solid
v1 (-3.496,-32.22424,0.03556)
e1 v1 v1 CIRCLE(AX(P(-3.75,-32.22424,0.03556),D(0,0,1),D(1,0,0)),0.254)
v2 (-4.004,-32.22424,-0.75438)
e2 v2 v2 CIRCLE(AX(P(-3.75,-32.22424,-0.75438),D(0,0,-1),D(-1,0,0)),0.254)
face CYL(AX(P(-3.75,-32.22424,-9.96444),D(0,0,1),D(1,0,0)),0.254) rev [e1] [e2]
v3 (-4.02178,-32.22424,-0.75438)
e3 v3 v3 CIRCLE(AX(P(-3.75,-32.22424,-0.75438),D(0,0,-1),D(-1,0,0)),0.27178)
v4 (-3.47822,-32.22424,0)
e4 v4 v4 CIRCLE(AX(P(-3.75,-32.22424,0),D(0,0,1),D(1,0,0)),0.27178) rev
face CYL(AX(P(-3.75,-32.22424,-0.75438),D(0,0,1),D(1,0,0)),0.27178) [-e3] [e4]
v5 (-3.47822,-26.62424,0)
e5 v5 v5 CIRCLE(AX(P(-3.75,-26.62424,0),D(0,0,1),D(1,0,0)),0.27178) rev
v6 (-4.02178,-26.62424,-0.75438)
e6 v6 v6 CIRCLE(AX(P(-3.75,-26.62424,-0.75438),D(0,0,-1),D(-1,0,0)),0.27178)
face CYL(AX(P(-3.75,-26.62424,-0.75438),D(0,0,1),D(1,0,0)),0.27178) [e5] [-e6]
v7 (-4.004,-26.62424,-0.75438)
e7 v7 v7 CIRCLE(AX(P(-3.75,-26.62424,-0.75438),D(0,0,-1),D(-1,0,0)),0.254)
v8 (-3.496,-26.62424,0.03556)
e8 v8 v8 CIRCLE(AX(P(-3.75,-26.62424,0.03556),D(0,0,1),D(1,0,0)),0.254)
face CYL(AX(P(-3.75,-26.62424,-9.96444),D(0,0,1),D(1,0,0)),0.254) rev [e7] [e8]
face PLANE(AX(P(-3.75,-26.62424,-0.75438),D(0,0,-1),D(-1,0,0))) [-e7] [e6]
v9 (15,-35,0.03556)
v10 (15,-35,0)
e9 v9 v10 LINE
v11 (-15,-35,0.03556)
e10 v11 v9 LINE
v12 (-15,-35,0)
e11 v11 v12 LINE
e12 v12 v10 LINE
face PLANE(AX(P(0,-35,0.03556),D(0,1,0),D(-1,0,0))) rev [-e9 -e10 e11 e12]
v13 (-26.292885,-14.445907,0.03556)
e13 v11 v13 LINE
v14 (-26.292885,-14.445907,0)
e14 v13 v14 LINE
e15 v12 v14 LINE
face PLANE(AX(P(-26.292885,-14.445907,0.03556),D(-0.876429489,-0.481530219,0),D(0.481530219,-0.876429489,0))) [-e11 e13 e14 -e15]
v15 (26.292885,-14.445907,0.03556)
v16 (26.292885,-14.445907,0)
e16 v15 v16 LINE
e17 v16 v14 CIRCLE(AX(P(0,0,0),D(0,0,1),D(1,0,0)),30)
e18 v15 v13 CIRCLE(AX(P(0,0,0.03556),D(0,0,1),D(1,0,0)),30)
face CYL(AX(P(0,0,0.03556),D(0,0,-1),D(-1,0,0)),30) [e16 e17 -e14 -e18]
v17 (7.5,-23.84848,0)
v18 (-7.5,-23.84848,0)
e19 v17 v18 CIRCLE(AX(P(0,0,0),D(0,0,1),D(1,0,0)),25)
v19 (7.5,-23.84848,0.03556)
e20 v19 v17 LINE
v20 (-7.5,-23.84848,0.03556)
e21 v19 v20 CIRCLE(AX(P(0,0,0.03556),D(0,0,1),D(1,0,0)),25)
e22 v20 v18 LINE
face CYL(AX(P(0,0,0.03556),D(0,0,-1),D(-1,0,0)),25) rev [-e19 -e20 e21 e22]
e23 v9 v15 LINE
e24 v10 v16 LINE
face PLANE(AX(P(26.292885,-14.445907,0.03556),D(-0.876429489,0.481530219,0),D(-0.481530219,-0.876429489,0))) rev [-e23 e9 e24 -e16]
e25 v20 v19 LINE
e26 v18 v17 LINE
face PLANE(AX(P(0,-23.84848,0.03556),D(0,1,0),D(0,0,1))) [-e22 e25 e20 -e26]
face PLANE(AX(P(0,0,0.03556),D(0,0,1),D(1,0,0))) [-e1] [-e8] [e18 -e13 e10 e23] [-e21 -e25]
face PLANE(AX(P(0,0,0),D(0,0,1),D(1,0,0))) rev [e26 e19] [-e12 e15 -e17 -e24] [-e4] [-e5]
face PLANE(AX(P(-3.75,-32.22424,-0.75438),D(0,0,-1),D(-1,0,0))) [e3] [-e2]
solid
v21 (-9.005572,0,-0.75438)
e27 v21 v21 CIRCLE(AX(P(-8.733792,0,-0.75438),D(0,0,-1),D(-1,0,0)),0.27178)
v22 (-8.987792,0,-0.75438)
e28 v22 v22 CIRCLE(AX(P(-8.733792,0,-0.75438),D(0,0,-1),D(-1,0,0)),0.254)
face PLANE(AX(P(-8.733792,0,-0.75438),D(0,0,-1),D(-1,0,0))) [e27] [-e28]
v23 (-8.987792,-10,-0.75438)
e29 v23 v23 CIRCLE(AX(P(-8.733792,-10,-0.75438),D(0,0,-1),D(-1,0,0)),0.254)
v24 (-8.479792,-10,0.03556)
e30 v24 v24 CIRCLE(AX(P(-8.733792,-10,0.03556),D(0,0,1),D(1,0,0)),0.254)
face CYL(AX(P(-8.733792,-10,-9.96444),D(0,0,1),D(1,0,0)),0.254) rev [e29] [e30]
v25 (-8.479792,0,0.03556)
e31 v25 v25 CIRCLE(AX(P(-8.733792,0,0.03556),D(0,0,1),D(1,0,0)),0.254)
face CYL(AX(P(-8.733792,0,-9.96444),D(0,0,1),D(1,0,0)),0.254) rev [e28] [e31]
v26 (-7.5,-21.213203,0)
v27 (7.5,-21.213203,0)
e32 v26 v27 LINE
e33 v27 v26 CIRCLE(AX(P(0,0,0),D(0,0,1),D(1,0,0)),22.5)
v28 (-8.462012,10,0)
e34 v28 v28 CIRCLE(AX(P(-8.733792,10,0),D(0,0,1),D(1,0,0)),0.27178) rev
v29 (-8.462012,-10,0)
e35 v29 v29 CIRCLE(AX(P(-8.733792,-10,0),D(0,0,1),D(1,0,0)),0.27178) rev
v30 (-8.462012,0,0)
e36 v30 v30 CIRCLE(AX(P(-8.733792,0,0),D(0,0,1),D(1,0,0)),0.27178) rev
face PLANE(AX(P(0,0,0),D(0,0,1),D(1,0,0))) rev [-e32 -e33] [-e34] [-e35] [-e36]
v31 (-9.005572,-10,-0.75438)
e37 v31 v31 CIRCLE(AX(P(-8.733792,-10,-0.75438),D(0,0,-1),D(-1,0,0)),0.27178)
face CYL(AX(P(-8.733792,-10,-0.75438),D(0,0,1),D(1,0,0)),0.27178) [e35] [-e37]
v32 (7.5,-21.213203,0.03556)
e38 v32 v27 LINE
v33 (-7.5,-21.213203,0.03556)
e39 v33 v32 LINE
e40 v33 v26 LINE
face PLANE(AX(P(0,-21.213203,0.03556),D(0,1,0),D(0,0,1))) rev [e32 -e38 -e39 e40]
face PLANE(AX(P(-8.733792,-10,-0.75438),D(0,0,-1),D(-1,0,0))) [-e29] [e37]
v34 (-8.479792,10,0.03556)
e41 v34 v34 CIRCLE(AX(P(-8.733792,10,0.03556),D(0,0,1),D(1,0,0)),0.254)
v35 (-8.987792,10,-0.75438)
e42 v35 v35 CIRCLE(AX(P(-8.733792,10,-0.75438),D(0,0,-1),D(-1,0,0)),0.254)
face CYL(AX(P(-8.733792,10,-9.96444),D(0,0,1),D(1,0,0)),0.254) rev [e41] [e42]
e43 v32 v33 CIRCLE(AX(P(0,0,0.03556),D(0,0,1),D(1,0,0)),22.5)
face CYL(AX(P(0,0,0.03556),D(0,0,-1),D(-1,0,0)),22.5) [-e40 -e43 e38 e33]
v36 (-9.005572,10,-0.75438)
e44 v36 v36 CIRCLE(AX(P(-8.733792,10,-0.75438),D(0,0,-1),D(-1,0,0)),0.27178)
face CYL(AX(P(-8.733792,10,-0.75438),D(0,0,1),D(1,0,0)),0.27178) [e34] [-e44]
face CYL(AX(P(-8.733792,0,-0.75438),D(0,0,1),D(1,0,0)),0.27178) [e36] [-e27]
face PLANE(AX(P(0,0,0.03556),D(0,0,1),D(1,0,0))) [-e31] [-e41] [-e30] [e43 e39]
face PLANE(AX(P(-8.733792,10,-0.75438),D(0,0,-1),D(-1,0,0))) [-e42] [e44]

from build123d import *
from build123d.topology import SkipClean

# Parameters (mm, degrees)
BOSS_EXTRUDE1_DEPTH      = 0.03556
BOSS_EXTRUDE1_2_DEPTH    = 0.03556
SKETCH2_R                = 0.254
CUT_EXTRUDE1_DEPTH       = 10
ESBO_O1_R                = 0.27178
ESBO_O1_R_2              = 0.254
RESSALTO_EXTRUS_O1_DEPTH = 0.75438


with BuildPart() as part:
    # Sketch1 → Boss-Extrude1 (new body)
    with BuildSketch(Plane.XY):
        with BuildLine():
            Line((-7.500000004, -21.213203434), (7.500000004, -21.213203434))
            ThreePointArc((7.500000004, -21.213203434), (0, 22.5), (-7.500000004, -21.213203434))
        make_face()
    extrude(amount=BOSS_EXTRUDE1_DEPTH)


with BuildPart() as body_2:
    # Sketch1 → Boss-Extrude1 2 (new body)
    with BuildSketch(Plane.XY):
        with BuildLine():
            Line((-15, -35.000000034), (15, -35.000000034))
            Line((15, -35.000000034), (26.292884658, -14.445906561))
            ThreePointArc((26.292884658, -14.445906561), (0, 30), (-26.292884658, -14.445906561))
            Line((-26.292884658, -14.445906561), (-15, -35.000000034))
        make_face()
        with BuildLine():
            Line((-7.500000004, -23.848480034), (7.500000004, -23.848480034))
            ThreePointArc((7.500000004, -23.848480034), (0, 25), (-7.500000004, -23.848480034))
        make_face(mode=Mode.SUBTRACT)
    extrude(amount=BOSS_EXTRUDE1_2_DEPTH)


with BuildPart() as cut_extrude1_tool:
    # Sketch2 → Cut-Extrude1 (new body)
    with BuildSketch(Plane.XY.offset(0.03556)):
        with BuildLine():
            ThreePointArc((-3.496000002, -32.224240034), (-3.57039488, -32.044634912), (-3.750000002, -31.970240034))
            Line((-3.750000002, -31.970240034), (-3.750000002, -32.478240034))
            ThreePointArc((-3.750000002, -32.478240034), (-3.57039488, -32.403845156), (-3.496000002, -32.224240034))
        make_face()
        with BuildLine():
            Line((-3.750000002, -32.478240034), (-3.750000002, -31.970240034))
            ThreePointArc((-3.750000002, -31.970240034), (-4.004000002, -32.224240034), (-3.750000002, -32.478240034))
        make_face()
        with BuildLine():
            ThreePointArc((-3.496000002, -26.624240034), (-3.57039488, -26.444634912), (-3.750000002, -26.370240034))
            Line((-3.750000002, -26.370240034), (-3.750000002, -26.878240034))
            ThreePointArc((-3.750000002, -26.878240034), (-3.57039488, -26.803845156), (-3.496000002, -26.624240034))
        make_face()
        with BuildLine():
            Line((-3.750000002, -26.878240034), (-3.750000002, -26.370240034))
            ThreePointArc((-3.750000002, -26.370240034), (-4.004000002, -26.624240034), (-3.750000002, -26.878240034))
        make_face()
        with BuildLine():
            ThreePointArc((-8.479792148, -10), (-8.554187026, -9.820394878), (-8.733792148, -9.746))
            Line((-8.733792148, -9.746), (-8.733792148, -10.254))
            ThreePointArc((-8.733792148, -10.254), (-8.554187026, -10.179605122), (-8.479792148, -10))
        make_face()
        with BuildLine():
            Line((-8.733792148, -10.254), (-8.733792148, -9.746))
            ThreePointArc((-8.733792148, -9.746), (-8.987792148, -10), (-8.733792148, -10.254))
        make_face()
        with Locations((-8.733792148, 0)):
            Circle(SKETCH2_R)
        with Locations((-8.733792148, 10)):
            Circle(SKETCH2_R)
    extrude(amount=-CUT_EXTRUDE1_DEPTH)


with BuildPart() as part_1:
    add(part.part)

    # Cut-Extrude1: cut by cut_extrude1_tool
    add(cut_extrude1_tool.part, mode=Mode.SUBTRACT)



with BuildPart() as body_2_1:
    add(body_2.part)

    # Cut-Extrude1: cut by cut_extrude1_tool
    add(cut_extrude1_tool.part, mode=Mode.SUBTRACT)


with BuildPart() as part_2:
    with SkipClean():  # the faces are left unmerged after this step: merging them gives an invalid solid
        add(part_1.part)

        add(body_2_1.part)  # Ressalto-extrusão1 merges body 2
        # Esboço1 → Ressalto-extrusão1 (add)
        # profile 1 of 5: a face of its own
        with BuildSketch(Plane(origin=(0, 0, 0), x_dir=(-1, 0, 0), z_dir=(0, 0, -1))):
            with Locations(Location((8.733792148, 10, 0), (0, 0, 180))):
                Circle(ESBO_O1_R)
            with Locations(Location((8.733792148, 10, 0), (0, 0, 180))):
                Circle(ESBO_O1_R_2, mode=Mode.SUBTRACT)
        # profile 2 of 5: a face of its own
        with BuildSketch(Plane(origin=(0, 0, 0), x_dir=(-1, 0, 0), z_dir=(0, 0, -1))):
            with Locations(Location((8.733792148, 0, 0), (0, 0, 180))):
                Circle(ESBO_O1_R)
            with Locations(Location((8.733792148, 0, 0), (0, 0, 180))):
                Circle(ESBO_O1_R_2, mode=Mode.SUBTRACT)
        # profile 3 of 5: a face of its own
        with BuildSketch(Plane(origin=(0, 0, 0), x_dir=(-1, 0, 0), z_dir=(0, 0, -1))):
            with Locations(Location((8.733792148, -10, 0), (0, 0, 180))):
                Circle(ESBO_O1_R)
            with Locations(Location((8.733792148, -10, 0), (0, 0, 180))):
                Circle(ESBO_O1_R_2, mode=Mode.SUBTRACT)
        # profile 4 of 5: a face of its own
        with BuildSketch(Plane(origin=(0, 0, 0), x_dir=(-1, 0, 0), z_dir=(0, 0, -1))):
            with Locations(Location((3.750000002, -26.624240034, 0), (0, 0, 180))):
                Circle(ESBO_O1_R)
            with Locations(Location((3.750000002, -26.624240034, 0), (0, 0, 180))):
                Circle(ESBO_O1_R_2, mode=Mode.SUBTRACT)
        # profile 5 of 5: a face of its own
        with BuildSketch(Plane(origin=(0, 0, 0), x_dir=(-1, 0, 0), z_dir=(0, 0, -1))):
            with Locations(Location((3.750000002, -32.224240034, 0), (0, 0, 180))):
                Circle(ESBO_O1_R)
            with Locations(Location((3.750000002, -32.224240034, 0), (0, 0, 180))):
                Circle(ESBO_O1_R_2, mode=Mode.SUBTRACT)
        extrude(amount=RESSALTO_EXTRUS_O1_DEPTH)


solid = part_2.part
